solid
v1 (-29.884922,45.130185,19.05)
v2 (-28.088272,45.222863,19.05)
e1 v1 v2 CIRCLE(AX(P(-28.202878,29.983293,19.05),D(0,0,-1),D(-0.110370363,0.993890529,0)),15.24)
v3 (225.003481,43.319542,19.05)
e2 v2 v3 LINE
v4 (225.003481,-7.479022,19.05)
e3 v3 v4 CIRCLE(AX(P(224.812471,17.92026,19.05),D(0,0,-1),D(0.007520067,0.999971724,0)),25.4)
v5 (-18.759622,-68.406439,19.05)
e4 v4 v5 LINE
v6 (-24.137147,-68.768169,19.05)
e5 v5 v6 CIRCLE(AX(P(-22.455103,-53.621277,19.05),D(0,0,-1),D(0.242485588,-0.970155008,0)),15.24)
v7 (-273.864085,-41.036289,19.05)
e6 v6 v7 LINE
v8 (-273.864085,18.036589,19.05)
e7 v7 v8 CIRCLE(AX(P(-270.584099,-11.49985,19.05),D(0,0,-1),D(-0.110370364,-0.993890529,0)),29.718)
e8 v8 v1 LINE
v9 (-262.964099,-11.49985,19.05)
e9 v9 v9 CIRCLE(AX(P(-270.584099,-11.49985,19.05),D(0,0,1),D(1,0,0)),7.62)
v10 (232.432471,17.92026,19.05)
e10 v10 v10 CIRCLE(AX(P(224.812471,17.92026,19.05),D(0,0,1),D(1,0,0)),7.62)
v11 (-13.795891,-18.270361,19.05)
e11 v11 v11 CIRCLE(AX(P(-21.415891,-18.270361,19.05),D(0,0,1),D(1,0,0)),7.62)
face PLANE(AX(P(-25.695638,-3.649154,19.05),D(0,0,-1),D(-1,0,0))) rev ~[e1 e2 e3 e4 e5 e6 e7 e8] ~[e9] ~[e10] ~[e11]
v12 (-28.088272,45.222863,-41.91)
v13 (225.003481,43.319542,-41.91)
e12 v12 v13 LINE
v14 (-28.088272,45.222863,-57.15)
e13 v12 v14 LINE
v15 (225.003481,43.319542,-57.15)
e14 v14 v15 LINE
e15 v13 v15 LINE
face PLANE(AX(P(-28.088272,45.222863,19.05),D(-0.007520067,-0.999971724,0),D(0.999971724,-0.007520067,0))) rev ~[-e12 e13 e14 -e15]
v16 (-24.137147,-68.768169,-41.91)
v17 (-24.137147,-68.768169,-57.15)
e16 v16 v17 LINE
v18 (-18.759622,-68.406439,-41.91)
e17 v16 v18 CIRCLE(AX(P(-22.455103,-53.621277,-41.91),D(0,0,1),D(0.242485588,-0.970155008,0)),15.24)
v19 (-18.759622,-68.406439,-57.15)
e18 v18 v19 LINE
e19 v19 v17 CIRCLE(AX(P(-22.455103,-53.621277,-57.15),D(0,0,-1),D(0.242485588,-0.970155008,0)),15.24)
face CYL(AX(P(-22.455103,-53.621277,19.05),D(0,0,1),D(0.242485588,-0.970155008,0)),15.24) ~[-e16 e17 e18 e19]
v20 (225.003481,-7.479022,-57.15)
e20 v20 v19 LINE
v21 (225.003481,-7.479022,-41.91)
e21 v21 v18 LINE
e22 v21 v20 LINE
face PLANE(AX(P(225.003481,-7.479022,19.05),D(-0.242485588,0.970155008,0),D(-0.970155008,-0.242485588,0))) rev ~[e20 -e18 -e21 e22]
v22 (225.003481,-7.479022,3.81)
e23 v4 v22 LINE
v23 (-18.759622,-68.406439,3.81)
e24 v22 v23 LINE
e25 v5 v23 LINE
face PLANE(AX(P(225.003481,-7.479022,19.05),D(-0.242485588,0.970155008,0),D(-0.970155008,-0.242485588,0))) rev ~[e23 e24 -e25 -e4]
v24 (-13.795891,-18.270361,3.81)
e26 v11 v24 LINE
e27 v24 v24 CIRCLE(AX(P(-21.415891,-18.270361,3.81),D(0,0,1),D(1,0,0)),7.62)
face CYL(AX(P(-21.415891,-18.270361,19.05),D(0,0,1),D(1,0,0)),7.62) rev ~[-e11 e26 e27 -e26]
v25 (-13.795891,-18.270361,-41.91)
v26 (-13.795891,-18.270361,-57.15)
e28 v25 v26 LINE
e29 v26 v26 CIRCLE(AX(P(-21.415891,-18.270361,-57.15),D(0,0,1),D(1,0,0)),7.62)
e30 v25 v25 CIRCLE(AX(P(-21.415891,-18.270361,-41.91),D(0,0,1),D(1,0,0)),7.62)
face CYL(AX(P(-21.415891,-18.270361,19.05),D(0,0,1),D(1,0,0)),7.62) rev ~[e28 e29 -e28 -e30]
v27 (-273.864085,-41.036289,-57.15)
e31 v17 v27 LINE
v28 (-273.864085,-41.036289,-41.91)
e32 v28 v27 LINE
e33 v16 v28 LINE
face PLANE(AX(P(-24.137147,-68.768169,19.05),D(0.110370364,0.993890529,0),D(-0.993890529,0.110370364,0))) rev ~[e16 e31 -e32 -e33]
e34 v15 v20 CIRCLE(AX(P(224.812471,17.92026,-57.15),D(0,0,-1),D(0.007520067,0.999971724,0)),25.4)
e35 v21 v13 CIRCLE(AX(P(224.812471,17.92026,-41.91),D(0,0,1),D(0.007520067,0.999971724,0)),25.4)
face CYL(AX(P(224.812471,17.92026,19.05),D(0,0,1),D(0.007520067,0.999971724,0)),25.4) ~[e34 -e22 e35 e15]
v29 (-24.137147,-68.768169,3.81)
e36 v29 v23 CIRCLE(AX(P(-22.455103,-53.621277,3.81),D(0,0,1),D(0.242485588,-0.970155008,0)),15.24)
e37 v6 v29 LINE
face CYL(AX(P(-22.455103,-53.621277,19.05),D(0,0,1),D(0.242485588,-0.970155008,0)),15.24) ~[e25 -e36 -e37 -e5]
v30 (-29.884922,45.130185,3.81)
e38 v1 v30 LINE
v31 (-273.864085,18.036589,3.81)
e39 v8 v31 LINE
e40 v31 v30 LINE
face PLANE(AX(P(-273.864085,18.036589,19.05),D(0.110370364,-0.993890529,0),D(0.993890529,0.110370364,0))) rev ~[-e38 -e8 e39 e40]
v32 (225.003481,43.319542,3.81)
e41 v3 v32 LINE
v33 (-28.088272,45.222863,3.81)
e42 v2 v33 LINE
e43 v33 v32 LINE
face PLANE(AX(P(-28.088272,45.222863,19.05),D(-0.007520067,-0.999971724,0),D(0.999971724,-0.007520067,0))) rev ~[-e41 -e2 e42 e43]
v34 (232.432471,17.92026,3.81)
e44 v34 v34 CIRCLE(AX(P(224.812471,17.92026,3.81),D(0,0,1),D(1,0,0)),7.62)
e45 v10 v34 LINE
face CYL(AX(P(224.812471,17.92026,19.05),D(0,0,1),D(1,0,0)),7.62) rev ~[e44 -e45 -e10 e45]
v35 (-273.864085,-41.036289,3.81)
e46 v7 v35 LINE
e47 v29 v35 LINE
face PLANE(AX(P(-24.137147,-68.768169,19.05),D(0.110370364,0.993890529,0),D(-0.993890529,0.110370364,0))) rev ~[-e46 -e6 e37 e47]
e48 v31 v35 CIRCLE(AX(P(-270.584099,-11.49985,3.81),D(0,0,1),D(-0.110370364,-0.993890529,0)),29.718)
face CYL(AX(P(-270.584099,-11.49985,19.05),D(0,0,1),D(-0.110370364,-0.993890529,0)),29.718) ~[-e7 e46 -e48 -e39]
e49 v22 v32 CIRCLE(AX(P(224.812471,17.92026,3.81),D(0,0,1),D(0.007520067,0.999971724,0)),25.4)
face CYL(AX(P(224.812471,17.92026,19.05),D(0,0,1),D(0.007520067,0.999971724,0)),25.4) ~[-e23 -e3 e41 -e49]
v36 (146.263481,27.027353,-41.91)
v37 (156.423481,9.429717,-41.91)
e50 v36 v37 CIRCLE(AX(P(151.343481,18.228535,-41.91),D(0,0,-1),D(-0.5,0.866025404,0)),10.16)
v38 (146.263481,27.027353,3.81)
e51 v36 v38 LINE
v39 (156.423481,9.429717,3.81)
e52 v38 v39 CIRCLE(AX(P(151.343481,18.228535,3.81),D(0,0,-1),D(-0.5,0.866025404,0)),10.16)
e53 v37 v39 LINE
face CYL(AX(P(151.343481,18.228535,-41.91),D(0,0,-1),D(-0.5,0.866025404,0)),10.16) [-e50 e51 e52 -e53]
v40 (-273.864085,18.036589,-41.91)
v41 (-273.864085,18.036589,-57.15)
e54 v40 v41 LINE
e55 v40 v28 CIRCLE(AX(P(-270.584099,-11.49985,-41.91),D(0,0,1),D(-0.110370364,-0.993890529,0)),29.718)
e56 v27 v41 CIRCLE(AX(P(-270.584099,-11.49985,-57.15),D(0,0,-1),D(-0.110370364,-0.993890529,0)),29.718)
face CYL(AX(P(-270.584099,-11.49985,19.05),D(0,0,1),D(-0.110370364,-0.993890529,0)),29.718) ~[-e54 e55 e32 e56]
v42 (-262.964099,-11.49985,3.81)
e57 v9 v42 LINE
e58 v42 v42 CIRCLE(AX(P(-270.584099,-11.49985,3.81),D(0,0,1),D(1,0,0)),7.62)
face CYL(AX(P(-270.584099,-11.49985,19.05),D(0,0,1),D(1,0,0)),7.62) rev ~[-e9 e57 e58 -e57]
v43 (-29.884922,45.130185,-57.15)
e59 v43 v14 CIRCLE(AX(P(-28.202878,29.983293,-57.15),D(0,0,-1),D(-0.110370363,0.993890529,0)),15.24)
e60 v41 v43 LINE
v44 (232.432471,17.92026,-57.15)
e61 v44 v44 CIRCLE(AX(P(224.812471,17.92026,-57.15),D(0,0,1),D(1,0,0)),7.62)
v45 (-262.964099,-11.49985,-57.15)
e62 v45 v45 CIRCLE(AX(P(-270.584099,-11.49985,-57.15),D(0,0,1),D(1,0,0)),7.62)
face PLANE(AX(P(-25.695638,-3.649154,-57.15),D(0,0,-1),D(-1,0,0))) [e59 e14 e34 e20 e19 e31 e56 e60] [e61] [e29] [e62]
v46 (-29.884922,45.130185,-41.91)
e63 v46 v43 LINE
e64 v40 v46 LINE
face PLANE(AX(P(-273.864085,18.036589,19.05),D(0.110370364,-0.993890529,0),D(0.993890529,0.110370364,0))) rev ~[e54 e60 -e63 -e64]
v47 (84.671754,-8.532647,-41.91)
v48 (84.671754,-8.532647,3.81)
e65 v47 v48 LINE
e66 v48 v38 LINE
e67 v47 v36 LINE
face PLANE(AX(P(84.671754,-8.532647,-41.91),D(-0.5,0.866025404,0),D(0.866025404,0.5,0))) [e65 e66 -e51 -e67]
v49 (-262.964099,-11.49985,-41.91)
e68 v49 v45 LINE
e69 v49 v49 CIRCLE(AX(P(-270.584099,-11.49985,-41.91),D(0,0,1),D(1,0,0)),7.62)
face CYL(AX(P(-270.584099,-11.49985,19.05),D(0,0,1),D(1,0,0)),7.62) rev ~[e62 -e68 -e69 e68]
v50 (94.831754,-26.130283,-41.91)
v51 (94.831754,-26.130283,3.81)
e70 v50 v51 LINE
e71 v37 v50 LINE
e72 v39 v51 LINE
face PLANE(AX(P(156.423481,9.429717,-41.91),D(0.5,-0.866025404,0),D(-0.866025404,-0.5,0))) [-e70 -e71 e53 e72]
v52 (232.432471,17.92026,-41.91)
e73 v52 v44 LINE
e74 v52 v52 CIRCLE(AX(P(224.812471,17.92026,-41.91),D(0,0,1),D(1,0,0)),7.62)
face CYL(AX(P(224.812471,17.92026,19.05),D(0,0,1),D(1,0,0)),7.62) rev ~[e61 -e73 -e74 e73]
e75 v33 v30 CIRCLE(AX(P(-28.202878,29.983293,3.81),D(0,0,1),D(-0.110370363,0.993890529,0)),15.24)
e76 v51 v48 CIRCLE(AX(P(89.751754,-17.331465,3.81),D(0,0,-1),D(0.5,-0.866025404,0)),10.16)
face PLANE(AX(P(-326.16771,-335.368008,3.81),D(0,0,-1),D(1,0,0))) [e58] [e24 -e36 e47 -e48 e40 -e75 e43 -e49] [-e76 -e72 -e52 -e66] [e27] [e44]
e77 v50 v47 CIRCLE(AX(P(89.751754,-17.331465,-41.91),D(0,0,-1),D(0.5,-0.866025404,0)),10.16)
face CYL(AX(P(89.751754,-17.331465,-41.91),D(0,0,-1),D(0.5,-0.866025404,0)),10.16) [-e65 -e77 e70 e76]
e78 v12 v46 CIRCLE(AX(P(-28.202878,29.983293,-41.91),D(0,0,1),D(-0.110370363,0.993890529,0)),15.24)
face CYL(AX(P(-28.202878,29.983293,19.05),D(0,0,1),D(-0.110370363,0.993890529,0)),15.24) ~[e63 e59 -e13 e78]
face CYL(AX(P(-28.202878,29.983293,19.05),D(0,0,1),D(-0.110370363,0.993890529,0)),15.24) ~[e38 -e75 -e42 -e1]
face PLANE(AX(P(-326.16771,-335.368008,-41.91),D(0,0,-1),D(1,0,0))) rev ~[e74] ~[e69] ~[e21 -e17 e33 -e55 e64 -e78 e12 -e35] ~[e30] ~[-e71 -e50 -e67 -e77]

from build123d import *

# Parameters (mm, degrees)
SKETCH1_R               = 3.81
BOSS_EXTRUDE1_DEPTH     = 38.1
CUT_EXTRUDE1_DEPTH      = 170.081733479
CUT_EXTRUDE1_DEPTH_BACK = 170.081733479
SKETCH2_W               = 296.702154824
SKETCH2_H               = 22.86
BOSS_EXTRUDE2_DEPTH     = 22.86
SCALE1_SCALE            = 2


with BuildPart() as part:
    # Sketch1 → Boss-Extrude1 (new body)
    with BuildSketch(Plane.XY):
        with BuildLine():
            Line((-147.344668758, 6.620564835), (-25.355087155, 20.167363089))
            ThreePointArc((-25.355087155, 20.167363089), (-24.906608979, 20.2037996), (-24.456762072, 20.213701798))
            Line((-24.456762072, 20.213701798), (102.089114394, 19.262041389))
            ThreePointArc((102.089114394, 19.262041389), (114.69360954, 6.562400496), (102.089114394, -6.137240398))
            Line((102.089114394, -6.137240398), (-19.792437318, -36.600949276))
            ThreePointArc((-19.792437318, -36.600949276), (-21.128759573, -36.811186783), (-22.481199669, -36.781813943))
            Line((-22.481199669, -36.781813943), (-147.344668758, -22.915873894))
            ThreePointArc((-147.344668758, -22.915873894), (-160.563675525, -8.14765453), (-147.344668758, 6.620564835))
        make_face()
        with Locations((-145.704675525, -8.14765453)):
            Circle(SKETCH1_R, mode=Mode.SUBTRACT)
        with Locations((101.99360954, 6.562400496)):
            Circle(SKETCH1_R, mode=Mode.SUBTRACT)
        with Locations((-21.120571626, -11.532910072)):
            Circle(SKETCH1_R, mode=Mode.SUBTRACT)
    extrude(amount=-BOSS_EXTRUDE1_DEPTH)

    # Sketch2 → Cut-Extrude1 (cut, two sides: drawn at the far end of the back side and taken through both)
    with BuildSketch(Plane(origin=(0, 0, 0), x_dir=(1, 0, 0), z_dir=(0, 1, 0)).offset(-CUT_EXTRUDE1_DEPTH_BACK)):
        with Locations((-25.145403948, 19.05)):
            Rectangle(SKETCH2_W, SKETCH2_H)
    extrude(amount=CUT_EXTRUDE1_DEPTH + CUT_EXTRUDE1_DEPTH_BACK, mode=Mode.SUBTRACT)


with BuildPart() as cut_extrude1_piece_1:
    # of the separate pieces the step leaves, piece 1, a body of its own (cut_extrude1_pieces)
    add(part.part.solids().sort_by_distance((-25.355087155, 20.167363089, -30.48))[0])



with BuildPart() as cut_extrude1_piece_2:
    # of the separate pieces the step leaves, piece 2, a body of its own (cut_extrude1_pieces)
    add(part.part.solids().sort_by_distance((-147.344668758, 6.620564835, 0))[0])


with BuildPart() as cut_extrude1_piece_1_1:
    add(cut_extrude1_piece_1.part)

    add(cut_extrude1_piece_2.part)  # Boss-Extrude2 merges Cut-Extrude1 piece 2
    # Sketch6 → Boss-Extrude2 (add)
    with BuildSketch(Plane.XY.offset(-30.48)):
        with BuildLine():
            Line((67.799114394, 2.317128757), (37.003251036, -15.462871243))
            ThreePointArc((37.003251036, -15.462871243), (30.063841985, -13.603462192), (31.923251036, -6.664053141))
            Line((31.923251036, -6.664053141), (62.719114394, 11.115946859))
            ThreePointArc((62.719114394, 11.115946859), (69.658523446, 9.256537808), (67.799114394, 2.317128757))
        make_face()
    extrude(amount=BOSS_EXTRUDE2_DEPTH)


with BuildPart() as cut_extrude1_piece_1_2:
    # Scale1: scaled about (-20.825252389, -4.795459228, -19.05)
    add(cut_extrude1_piece_1_1.part.scale(SCALE1_SCALE).moved(Location((20.825252389, 4.795459228, 19.05))))


solid = cut_extrude1_piece_1_2.part
